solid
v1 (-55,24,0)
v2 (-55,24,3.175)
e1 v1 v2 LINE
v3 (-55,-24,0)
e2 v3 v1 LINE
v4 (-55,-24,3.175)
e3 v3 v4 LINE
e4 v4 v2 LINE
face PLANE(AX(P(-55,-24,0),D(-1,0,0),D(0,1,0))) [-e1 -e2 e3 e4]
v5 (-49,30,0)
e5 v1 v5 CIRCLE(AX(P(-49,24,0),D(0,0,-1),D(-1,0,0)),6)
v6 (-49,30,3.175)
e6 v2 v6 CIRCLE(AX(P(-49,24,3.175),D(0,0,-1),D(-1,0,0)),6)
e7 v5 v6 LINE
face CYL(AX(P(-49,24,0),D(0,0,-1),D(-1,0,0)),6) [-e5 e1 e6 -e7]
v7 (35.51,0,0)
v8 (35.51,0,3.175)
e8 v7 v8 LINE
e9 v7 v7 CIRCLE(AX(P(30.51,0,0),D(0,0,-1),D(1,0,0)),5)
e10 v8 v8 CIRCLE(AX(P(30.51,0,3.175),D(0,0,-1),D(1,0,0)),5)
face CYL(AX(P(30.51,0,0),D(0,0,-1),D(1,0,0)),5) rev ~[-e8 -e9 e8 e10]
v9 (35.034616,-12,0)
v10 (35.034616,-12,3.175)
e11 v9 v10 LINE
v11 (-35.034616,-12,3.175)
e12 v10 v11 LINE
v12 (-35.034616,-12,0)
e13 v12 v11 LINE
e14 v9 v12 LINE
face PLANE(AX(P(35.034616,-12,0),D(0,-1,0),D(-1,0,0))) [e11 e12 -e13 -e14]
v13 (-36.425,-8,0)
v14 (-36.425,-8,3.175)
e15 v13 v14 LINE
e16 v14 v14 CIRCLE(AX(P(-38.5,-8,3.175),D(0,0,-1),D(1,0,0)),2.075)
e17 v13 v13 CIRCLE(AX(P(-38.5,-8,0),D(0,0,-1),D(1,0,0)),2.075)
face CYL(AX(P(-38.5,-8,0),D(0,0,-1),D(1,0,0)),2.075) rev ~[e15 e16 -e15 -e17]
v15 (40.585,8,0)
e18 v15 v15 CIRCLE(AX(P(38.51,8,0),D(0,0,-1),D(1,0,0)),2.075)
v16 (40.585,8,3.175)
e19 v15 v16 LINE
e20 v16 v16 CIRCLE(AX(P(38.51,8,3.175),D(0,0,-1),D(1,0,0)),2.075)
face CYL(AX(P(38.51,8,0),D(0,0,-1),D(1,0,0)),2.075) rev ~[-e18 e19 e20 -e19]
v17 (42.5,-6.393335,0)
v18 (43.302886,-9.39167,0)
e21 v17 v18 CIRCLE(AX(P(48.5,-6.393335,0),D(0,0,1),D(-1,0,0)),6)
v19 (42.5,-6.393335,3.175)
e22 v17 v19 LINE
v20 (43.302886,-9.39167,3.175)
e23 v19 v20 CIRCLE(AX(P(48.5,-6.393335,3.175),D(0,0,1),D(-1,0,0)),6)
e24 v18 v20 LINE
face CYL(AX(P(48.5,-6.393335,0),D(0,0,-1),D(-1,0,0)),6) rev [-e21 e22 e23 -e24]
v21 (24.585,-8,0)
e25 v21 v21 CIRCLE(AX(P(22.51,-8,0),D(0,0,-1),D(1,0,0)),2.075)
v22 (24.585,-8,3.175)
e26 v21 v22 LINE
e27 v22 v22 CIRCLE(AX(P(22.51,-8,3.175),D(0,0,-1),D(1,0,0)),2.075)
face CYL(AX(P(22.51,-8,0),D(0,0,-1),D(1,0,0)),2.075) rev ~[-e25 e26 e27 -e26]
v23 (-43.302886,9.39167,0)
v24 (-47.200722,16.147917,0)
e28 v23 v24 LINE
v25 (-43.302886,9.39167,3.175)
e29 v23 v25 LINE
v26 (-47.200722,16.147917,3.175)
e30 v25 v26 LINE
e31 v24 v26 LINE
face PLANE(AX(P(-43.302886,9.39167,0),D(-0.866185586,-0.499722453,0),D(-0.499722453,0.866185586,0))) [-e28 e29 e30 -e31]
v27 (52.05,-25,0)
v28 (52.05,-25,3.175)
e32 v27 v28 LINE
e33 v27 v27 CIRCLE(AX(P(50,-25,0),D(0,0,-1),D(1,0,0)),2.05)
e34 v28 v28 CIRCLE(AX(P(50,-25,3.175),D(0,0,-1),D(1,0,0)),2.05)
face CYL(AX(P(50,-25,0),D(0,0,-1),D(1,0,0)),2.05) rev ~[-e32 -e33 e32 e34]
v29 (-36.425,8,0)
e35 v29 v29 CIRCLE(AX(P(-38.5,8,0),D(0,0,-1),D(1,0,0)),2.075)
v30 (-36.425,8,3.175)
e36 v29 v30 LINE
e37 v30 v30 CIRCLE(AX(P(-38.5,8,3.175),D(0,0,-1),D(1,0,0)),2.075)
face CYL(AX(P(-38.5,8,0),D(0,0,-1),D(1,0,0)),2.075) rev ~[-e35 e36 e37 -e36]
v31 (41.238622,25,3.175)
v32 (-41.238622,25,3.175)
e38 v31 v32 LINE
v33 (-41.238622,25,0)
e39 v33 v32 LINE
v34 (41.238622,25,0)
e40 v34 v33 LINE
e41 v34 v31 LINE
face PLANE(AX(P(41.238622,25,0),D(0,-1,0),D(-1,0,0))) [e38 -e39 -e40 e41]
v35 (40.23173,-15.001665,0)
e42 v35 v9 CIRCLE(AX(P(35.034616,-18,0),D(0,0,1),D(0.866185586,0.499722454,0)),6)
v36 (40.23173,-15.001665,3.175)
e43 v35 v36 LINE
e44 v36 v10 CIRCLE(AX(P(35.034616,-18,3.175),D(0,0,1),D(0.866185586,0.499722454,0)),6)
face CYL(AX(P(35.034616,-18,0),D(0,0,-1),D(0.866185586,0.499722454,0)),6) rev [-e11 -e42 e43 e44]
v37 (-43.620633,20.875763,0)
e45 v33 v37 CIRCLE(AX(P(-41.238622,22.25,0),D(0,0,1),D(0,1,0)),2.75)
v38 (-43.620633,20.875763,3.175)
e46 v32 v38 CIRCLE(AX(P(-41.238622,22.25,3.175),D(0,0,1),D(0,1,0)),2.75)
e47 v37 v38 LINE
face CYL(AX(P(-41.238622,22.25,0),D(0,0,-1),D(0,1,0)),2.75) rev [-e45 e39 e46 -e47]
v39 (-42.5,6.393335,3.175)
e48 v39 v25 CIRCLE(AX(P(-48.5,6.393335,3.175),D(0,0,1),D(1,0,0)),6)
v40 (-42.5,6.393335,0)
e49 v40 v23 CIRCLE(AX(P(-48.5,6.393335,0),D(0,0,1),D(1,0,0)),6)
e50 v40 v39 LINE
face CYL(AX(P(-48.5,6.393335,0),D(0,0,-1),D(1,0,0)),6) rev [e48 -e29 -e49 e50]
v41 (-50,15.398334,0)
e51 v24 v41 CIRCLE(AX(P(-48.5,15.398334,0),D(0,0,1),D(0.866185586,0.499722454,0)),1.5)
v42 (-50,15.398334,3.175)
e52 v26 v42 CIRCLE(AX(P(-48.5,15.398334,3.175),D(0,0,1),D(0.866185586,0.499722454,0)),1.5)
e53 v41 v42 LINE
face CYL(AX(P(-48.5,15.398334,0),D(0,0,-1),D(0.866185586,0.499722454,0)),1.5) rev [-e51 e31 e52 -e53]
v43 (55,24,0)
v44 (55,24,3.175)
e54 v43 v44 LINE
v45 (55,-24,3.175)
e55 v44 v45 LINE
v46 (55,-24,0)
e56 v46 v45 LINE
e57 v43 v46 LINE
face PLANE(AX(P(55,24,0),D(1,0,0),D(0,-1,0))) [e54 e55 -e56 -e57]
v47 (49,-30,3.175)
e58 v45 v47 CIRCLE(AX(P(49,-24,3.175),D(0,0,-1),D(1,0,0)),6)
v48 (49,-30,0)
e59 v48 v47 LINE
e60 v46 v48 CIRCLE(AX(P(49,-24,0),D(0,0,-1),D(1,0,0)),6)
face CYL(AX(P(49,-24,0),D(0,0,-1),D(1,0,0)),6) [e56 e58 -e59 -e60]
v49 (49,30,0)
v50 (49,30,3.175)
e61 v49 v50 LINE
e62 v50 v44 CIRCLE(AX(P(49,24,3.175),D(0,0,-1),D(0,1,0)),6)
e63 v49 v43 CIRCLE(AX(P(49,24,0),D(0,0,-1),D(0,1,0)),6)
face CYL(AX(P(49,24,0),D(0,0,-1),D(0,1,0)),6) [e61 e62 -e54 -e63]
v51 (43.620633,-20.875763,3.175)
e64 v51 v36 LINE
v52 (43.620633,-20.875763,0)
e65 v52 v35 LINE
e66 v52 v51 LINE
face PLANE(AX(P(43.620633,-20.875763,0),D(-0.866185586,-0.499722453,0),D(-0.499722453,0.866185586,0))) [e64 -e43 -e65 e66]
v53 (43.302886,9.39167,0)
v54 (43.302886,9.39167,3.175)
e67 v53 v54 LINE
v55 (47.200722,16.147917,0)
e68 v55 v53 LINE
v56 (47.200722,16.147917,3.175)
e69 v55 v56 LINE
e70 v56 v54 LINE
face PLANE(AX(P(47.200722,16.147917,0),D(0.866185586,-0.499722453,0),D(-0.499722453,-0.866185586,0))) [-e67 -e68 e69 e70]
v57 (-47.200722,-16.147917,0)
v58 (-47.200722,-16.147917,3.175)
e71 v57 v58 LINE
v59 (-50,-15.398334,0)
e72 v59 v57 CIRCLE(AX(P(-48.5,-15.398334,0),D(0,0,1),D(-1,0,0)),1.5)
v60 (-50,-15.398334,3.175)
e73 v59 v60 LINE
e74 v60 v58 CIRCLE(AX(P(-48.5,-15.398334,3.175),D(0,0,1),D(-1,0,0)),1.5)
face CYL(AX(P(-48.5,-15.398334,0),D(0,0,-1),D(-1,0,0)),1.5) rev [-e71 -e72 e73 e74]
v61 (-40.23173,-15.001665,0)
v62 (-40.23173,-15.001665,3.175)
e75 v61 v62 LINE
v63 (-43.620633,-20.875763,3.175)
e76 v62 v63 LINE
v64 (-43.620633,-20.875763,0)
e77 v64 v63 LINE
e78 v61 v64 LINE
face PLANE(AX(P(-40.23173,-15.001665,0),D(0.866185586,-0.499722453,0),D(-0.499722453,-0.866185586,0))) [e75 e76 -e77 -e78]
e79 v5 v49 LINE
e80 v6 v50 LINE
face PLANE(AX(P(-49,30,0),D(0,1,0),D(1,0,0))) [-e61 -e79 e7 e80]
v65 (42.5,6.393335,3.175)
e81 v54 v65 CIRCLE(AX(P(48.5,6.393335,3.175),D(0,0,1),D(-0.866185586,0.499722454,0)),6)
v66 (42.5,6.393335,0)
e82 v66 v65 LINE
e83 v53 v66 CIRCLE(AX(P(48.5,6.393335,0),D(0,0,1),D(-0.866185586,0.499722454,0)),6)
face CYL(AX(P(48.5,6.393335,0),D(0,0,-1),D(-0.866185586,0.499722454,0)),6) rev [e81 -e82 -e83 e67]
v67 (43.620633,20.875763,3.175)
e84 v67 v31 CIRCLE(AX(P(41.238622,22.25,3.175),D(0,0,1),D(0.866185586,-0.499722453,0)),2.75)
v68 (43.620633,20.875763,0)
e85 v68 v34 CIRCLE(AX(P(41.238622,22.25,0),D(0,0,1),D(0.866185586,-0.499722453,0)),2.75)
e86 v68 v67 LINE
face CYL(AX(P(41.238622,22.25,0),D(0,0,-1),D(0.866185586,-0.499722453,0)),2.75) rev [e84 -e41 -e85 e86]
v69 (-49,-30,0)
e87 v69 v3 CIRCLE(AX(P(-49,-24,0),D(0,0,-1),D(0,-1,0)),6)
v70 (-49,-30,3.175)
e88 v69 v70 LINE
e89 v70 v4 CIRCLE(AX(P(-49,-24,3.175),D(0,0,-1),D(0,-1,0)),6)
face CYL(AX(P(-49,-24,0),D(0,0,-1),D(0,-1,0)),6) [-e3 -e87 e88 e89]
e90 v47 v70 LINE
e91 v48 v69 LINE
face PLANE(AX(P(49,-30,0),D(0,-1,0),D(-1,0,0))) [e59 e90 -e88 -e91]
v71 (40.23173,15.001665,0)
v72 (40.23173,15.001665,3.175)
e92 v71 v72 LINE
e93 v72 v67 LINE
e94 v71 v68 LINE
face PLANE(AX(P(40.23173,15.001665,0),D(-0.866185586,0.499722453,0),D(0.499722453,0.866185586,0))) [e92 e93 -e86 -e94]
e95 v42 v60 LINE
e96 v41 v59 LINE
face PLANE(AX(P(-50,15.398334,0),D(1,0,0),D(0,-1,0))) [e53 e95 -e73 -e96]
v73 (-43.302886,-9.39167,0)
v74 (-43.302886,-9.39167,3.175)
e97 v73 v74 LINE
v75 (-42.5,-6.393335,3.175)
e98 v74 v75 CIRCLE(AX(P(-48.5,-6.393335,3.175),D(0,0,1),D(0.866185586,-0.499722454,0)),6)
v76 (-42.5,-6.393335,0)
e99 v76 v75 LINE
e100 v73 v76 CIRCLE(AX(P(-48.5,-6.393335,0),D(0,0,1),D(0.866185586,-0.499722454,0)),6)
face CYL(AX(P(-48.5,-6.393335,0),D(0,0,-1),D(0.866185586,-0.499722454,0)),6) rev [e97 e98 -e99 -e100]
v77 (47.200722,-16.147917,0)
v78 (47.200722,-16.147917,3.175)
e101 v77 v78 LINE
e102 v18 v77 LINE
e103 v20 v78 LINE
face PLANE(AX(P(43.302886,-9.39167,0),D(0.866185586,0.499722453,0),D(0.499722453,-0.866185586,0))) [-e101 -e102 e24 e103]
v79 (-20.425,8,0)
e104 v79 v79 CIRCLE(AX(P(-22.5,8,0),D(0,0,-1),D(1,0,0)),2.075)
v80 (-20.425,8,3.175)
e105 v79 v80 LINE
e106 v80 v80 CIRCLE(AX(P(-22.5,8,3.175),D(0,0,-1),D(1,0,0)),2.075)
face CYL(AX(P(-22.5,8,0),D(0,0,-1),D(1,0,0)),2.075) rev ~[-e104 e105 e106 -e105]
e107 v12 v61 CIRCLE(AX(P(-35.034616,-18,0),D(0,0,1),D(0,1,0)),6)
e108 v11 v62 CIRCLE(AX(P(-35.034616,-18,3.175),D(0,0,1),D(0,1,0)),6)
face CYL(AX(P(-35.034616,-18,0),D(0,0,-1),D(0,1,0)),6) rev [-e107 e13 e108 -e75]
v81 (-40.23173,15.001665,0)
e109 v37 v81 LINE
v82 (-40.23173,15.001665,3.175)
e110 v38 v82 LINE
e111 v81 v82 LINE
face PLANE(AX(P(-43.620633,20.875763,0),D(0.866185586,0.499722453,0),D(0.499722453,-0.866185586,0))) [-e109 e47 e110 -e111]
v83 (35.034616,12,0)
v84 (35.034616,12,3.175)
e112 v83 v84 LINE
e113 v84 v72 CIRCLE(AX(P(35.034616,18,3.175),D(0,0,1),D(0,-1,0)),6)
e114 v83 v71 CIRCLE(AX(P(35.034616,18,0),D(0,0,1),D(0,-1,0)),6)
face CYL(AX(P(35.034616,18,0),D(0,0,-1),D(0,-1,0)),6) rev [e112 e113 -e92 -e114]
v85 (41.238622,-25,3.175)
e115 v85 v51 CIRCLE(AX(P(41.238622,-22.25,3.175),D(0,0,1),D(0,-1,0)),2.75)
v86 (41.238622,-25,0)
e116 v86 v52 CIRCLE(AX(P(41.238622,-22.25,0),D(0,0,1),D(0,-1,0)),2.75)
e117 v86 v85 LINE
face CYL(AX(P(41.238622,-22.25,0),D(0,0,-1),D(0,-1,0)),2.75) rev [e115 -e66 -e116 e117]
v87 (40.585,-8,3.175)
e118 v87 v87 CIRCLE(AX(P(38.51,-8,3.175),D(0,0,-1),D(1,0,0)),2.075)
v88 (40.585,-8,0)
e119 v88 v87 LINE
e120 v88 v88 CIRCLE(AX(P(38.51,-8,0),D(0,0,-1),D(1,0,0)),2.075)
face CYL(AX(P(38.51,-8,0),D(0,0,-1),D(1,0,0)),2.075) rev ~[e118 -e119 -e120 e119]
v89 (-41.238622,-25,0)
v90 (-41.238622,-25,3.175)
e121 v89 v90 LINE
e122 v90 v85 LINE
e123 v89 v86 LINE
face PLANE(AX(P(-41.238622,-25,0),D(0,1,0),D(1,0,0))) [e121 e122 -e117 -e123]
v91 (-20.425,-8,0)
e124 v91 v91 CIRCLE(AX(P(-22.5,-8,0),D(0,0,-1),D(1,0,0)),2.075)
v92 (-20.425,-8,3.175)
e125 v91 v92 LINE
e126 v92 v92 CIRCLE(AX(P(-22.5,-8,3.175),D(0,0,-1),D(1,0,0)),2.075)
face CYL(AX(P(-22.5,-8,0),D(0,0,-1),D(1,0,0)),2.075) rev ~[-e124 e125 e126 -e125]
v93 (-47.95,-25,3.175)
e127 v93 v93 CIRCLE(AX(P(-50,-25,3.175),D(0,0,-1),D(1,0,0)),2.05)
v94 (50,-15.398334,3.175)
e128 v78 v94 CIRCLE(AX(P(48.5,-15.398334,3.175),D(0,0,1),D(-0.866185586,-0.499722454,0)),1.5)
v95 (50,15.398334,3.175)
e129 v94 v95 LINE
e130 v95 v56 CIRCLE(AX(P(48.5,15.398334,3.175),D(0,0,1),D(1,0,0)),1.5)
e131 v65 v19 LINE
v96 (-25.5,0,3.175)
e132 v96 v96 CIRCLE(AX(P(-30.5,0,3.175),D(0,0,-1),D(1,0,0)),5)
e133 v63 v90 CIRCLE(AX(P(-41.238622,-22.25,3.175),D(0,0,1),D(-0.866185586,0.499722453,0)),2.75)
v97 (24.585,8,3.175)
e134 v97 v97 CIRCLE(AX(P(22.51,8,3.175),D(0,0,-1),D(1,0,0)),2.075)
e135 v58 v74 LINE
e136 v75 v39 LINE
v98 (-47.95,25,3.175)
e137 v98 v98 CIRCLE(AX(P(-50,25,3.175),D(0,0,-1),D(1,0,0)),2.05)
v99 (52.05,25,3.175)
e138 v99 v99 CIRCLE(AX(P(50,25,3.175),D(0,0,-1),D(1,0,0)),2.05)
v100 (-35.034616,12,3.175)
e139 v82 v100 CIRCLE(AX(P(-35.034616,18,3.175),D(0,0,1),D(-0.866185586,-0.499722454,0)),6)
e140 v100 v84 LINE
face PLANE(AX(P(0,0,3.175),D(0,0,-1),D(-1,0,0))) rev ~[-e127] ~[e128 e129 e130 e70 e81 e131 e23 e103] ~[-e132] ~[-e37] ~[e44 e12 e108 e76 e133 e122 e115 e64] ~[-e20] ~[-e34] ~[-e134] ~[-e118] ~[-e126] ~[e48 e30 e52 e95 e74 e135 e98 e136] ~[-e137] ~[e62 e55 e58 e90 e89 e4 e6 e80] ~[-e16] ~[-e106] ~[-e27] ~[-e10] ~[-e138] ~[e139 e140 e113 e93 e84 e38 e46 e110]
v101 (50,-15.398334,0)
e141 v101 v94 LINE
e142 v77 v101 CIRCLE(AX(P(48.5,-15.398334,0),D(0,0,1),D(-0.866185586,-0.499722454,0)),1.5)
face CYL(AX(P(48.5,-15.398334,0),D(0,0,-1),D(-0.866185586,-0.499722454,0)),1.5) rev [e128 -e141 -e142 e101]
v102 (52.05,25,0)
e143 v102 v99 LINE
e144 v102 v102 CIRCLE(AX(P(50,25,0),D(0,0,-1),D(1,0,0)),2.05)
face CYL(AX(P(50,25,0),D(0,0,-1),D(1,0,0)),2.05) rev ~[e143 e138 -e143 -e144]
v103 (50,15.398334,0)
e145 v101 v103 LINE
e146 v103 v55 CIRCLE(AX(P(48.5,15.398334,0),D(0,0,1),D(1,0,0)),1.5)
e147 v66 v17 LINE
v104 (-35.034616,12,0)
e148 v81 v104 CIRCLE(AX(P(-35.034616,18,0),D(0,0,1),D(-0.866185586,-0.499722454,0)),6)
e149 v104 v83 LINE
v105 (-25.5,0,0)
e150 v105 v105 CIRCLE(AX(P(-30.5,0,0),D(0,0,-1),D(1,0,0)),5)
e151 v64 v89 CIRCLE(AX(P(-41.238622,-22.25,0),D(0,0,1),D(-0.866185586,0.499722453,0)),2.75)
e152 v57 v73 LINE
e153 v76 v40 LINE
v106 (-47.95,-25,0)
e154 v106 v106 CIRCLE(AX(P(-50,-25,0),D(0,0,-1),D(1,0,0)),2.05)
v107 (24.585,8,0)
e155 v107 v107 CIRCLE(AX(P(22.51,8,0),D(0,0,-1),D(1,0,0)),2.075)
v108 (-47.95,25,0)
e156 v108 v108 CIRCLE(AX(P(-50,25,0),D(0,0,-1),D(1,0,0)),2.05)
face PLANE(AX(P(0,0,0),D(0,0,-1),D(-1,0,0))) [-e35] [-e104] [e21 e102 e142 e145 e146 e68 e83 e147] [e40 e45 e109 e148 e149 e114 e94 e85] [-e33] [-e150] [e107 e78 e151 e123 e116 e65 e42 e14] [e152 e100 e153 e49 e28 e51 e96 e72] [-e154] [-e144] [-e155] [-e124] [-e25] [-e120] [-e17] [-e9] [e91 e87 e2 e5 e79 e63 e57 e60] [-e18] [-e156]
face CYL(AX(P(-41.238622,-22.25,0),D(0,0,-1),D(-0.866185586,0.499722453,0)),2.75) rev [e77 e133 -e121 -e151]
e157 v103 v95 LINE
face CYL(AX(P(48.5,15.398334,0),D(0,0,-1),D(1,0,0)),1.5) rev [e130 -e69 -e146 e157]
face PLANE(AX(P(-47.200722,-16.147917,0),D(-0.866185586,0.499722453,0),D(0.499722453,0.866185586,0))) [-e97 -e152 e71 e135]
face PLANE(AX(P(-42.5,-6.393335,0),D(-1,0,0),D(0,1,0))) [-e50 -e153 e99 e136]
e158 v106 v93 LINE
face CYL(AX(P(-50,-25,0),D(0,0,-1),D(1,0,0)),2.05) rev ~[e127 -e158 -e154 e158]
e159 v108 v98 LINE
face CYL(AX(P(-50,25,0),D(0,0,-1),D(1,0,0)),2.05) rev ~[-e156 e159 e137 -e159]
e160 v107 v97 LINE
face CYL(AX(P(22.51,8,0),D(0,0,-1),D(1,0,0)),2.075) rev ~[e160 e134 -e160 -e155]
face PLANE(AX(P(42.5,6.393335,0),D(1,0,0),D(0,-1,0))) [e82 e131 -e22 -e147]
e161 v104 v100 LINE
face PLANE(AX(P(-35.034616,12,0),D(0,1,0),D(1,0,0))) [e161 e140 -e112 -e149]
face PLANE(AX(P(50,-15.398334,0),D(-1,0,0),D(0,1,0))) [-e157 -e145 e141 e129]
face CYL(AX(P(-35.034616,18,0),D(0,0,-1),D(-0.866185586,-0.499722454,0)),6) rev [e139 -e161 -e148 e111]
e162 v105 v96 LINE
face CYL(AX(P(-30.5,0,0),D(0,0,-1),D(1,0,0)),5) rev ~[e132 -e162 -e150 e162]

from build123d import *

# Parameters (mm, degrees)
SKETCH1_R           = 5
SKETCH1_R_2         = 2.075
SKETCH1_R_3         = 2.05
BOSS_EXTRUDE1_DEPTH = 3.175


with BuildPart() as part:
    # Sketch1 → Boss-Extrude1 (new body)
    with BuildSketch(Plane(origin=(0, 0, 0), x_dir=(-1, 0, 0), z_dir=(0, 0, -1))):
        with BuildLine():
            Line((49, 30), (-49, 30))
            ThreePointArc((-49, 30), (-53.242640687, 28.242640687), (-55, 24))
            Line((-55, 24), (-55, -24))
            ThreePointArc((-55, -24), (-53.242640687, -28.242640687), (-49, -30))
            Line((-49, -30), (49, -30))
            ThreePointArc((49, -30), (53.242640687, -28.242640687), (55, -24))
            Line((55, -24), (55, 24))
            ThreePointArc((55, 24), (53.242640687, 28.242640687), (49, 30))
        make_face()
        with Locations(Location((-30.51, 0, 0), (0, 0, 180))):
            Circle(SKETCH1_R, mode=Mode.SUBTRACT)
        with Locations(Location((30.5, 0, 0), (0, 0, 180))):
            Circle(SKETCH1_R, mode=Mode.SUBTRACT)
        with Locations(Location((-22.51, -8, 0), (0, 0, 180))):
            Circle(SKETCH1_R_2, mode=Mode.SUBTRACT)
        with Locations(Location((-38.51, -8, 0), (0, 0, 180))):
            Circle(SKETCH1_R_2, mode=Mode.SUBTRACT)
        with Locations(Location((-38.51, 8, 0), (0, 0, 180))):
            Circle(SKETCH1_R_2, mode=Mode.SUBTRACT)
        with Locations(Location((-22.51, 8, 0), (0, 0, 180))):
            Circle(SKETCH1_R_2, mode=Mode.SUBTRACT)
        with Locations(Location((38.5, -8, 0), (0, 0, 180))):
            Circle(SKETCH1_R_2, mode=Mode.SUBTRACT)
        with Locations(Location((22.5, -8, 0), (0, 0, 180))):
            Circle(SKETCH1_R_2, mode=Mode.SUBTRACT)
        with Locations(Location((22.5, 8, 0), (0, 0, 180))):
            Circle(SKETCH1_R_2, mode=Mode.SUBTRACT)
        with Locations(Location((38.5, 8, 0), (0, 0, 180))):
            Circle(SKETCH1_R_2, mode=Mode.SUBTRACT)
        with Locations(Location((50, -25, 0), (0, 0, 180))):
            Circle(SKETCH1_R_3, mode=Mode.SUBTRACT)
        with Locations(Location((-50, -25, 0), (0, 0, 180))):
            Circle(SKETCH1_R_3, mode=Mode.SUBTRACT)
        with Locations(Location((-50, 25, 0), (0, 0, 180))):
            Circle(SKETCH1_R_3, mode=Mode.SUBTRACT)
        with Locations(Location((50, 25, 0), (0, 0, 180))):
            Circle(SKETCH1_R_3, mode=Mode.SUBTRACT)
        with BuildLine():
            Line((-42.5, 6.393335184), (-42.5, -6.393335184))
            ThreePointArc((-42.5, -6.393335184), (-42.704196298, -7.945320832), (-43.302886484, -9.391669905))
            Line((-43.302886484, -9.391669905), (-47.200721621, -16.147917476))
            ThreePointArc((-47.200721621, -16.147917476), (-48.887996412, -16.847284721), (-50, -15.398333796))
            Line((-50, -15.398333796), (-50, 15.398333796))
            ThreePointArc((-50, 15.398333796), (-48.887996412, 16.847284721), (-47.200721621, 16.147917476))
            Line((-47.200721621, 16.147917476), (-43.302886484, 9.391669905))
            ThreePointArc((-43.302886484, 9.391669905), (-42.704196298, 7.945320832), (-42.5, 6.393335184))
        make_face(mode=Mode.SUBTRACT)
        with BuildLine():
            Line((-35.034616452, -12), (35.034616452, -12))
            ThreePointArc((35.034616452, -12), (38.035448976, -12.804328324), (40.231729969, -15.001665279))
            Line((40.231729969, -15.001665279), (43.620632646, -20.875763253))
            ThreePointArc((43.620632646, -20.875763253), (43.619971802, -23.625381574), (41.238622284, -25))
            Line((41.238622284, -25), (-41.238622284, -25))
            ThreePointArc((-41.238622284, -25), (-43.619971802, -23.625381574), (-43.620632646, -20.875763253))
            Line((-43.620632646, -20.875763253), (-40.231729969, -15.001665279))
            ThreePointArc((-40.231729969, -15.001665279), (-38.035448976, -12.804328324), (-35.034616452, -12))
        make_face(mode=Mode.SUBTRACT)
        with BuildLine():
            Line((42.5, -6.393335184), (42.5, 6.393335184))
            ThreePointArc((42.5, 6.393335184), (42.704196298, 7.945320832), (43.302886484, 9.391669905))
            Line((43.302886484, 9.391669905), (47.200721621, 16.147917476))
            ThreePointArc((47.200721621, 16.147917476), (48.887996412, 16.847284721), (50, 15.398333796))
            Line((50, 15.398333796), (50, -15.398333796))
            ThreePointArc((50, -15.398333796), (48.887996412, -16.847284721), (47.200721621, -16.147917476))
            Line((47.200721621, -16.147917476), (43.302886484, -9.391669905))
            ThreePointArc((43.302886484, -9.391669905), (42.704196298, -7.945320832), (42.5, -6.393335184))
        make_face(mode=Mode.SUBTRACT)
        with BuildLine():
            Line((35.034616452, 12), (-35.034616452, 12))
            ThreePointArc((-35.034616452, 12), (-38.035448976, 12.804328324), (-40.231729969, 15.001665279))
            Line((-40.231729969, 15.001665279), (-43.620632646, 20.875763253))
            ThreePointArc((-43.620632646, 20.875763253), (-43.619971802, 23.625381574), (-41.238622284, 25))
            Line((-41.238622284, 25), (41.238622284, 25))
            ThreePointArc((41.238622284, 25), (43.619971802, 23.625381574), (43.620632646, 20.875763253))
            Line((43.620632646, 20.875763253), (40.231729969, 15.001665279))
            ThreePointArc((40.231729969, 15.001665279), (38.035448976, 12.804328324), (35.034616452, 12))
        make_face(mode=Mode.SUBTRACT)
    extrude(amount=-BOSS_EXTRUDE1_DEPTH)


solid = part.part
